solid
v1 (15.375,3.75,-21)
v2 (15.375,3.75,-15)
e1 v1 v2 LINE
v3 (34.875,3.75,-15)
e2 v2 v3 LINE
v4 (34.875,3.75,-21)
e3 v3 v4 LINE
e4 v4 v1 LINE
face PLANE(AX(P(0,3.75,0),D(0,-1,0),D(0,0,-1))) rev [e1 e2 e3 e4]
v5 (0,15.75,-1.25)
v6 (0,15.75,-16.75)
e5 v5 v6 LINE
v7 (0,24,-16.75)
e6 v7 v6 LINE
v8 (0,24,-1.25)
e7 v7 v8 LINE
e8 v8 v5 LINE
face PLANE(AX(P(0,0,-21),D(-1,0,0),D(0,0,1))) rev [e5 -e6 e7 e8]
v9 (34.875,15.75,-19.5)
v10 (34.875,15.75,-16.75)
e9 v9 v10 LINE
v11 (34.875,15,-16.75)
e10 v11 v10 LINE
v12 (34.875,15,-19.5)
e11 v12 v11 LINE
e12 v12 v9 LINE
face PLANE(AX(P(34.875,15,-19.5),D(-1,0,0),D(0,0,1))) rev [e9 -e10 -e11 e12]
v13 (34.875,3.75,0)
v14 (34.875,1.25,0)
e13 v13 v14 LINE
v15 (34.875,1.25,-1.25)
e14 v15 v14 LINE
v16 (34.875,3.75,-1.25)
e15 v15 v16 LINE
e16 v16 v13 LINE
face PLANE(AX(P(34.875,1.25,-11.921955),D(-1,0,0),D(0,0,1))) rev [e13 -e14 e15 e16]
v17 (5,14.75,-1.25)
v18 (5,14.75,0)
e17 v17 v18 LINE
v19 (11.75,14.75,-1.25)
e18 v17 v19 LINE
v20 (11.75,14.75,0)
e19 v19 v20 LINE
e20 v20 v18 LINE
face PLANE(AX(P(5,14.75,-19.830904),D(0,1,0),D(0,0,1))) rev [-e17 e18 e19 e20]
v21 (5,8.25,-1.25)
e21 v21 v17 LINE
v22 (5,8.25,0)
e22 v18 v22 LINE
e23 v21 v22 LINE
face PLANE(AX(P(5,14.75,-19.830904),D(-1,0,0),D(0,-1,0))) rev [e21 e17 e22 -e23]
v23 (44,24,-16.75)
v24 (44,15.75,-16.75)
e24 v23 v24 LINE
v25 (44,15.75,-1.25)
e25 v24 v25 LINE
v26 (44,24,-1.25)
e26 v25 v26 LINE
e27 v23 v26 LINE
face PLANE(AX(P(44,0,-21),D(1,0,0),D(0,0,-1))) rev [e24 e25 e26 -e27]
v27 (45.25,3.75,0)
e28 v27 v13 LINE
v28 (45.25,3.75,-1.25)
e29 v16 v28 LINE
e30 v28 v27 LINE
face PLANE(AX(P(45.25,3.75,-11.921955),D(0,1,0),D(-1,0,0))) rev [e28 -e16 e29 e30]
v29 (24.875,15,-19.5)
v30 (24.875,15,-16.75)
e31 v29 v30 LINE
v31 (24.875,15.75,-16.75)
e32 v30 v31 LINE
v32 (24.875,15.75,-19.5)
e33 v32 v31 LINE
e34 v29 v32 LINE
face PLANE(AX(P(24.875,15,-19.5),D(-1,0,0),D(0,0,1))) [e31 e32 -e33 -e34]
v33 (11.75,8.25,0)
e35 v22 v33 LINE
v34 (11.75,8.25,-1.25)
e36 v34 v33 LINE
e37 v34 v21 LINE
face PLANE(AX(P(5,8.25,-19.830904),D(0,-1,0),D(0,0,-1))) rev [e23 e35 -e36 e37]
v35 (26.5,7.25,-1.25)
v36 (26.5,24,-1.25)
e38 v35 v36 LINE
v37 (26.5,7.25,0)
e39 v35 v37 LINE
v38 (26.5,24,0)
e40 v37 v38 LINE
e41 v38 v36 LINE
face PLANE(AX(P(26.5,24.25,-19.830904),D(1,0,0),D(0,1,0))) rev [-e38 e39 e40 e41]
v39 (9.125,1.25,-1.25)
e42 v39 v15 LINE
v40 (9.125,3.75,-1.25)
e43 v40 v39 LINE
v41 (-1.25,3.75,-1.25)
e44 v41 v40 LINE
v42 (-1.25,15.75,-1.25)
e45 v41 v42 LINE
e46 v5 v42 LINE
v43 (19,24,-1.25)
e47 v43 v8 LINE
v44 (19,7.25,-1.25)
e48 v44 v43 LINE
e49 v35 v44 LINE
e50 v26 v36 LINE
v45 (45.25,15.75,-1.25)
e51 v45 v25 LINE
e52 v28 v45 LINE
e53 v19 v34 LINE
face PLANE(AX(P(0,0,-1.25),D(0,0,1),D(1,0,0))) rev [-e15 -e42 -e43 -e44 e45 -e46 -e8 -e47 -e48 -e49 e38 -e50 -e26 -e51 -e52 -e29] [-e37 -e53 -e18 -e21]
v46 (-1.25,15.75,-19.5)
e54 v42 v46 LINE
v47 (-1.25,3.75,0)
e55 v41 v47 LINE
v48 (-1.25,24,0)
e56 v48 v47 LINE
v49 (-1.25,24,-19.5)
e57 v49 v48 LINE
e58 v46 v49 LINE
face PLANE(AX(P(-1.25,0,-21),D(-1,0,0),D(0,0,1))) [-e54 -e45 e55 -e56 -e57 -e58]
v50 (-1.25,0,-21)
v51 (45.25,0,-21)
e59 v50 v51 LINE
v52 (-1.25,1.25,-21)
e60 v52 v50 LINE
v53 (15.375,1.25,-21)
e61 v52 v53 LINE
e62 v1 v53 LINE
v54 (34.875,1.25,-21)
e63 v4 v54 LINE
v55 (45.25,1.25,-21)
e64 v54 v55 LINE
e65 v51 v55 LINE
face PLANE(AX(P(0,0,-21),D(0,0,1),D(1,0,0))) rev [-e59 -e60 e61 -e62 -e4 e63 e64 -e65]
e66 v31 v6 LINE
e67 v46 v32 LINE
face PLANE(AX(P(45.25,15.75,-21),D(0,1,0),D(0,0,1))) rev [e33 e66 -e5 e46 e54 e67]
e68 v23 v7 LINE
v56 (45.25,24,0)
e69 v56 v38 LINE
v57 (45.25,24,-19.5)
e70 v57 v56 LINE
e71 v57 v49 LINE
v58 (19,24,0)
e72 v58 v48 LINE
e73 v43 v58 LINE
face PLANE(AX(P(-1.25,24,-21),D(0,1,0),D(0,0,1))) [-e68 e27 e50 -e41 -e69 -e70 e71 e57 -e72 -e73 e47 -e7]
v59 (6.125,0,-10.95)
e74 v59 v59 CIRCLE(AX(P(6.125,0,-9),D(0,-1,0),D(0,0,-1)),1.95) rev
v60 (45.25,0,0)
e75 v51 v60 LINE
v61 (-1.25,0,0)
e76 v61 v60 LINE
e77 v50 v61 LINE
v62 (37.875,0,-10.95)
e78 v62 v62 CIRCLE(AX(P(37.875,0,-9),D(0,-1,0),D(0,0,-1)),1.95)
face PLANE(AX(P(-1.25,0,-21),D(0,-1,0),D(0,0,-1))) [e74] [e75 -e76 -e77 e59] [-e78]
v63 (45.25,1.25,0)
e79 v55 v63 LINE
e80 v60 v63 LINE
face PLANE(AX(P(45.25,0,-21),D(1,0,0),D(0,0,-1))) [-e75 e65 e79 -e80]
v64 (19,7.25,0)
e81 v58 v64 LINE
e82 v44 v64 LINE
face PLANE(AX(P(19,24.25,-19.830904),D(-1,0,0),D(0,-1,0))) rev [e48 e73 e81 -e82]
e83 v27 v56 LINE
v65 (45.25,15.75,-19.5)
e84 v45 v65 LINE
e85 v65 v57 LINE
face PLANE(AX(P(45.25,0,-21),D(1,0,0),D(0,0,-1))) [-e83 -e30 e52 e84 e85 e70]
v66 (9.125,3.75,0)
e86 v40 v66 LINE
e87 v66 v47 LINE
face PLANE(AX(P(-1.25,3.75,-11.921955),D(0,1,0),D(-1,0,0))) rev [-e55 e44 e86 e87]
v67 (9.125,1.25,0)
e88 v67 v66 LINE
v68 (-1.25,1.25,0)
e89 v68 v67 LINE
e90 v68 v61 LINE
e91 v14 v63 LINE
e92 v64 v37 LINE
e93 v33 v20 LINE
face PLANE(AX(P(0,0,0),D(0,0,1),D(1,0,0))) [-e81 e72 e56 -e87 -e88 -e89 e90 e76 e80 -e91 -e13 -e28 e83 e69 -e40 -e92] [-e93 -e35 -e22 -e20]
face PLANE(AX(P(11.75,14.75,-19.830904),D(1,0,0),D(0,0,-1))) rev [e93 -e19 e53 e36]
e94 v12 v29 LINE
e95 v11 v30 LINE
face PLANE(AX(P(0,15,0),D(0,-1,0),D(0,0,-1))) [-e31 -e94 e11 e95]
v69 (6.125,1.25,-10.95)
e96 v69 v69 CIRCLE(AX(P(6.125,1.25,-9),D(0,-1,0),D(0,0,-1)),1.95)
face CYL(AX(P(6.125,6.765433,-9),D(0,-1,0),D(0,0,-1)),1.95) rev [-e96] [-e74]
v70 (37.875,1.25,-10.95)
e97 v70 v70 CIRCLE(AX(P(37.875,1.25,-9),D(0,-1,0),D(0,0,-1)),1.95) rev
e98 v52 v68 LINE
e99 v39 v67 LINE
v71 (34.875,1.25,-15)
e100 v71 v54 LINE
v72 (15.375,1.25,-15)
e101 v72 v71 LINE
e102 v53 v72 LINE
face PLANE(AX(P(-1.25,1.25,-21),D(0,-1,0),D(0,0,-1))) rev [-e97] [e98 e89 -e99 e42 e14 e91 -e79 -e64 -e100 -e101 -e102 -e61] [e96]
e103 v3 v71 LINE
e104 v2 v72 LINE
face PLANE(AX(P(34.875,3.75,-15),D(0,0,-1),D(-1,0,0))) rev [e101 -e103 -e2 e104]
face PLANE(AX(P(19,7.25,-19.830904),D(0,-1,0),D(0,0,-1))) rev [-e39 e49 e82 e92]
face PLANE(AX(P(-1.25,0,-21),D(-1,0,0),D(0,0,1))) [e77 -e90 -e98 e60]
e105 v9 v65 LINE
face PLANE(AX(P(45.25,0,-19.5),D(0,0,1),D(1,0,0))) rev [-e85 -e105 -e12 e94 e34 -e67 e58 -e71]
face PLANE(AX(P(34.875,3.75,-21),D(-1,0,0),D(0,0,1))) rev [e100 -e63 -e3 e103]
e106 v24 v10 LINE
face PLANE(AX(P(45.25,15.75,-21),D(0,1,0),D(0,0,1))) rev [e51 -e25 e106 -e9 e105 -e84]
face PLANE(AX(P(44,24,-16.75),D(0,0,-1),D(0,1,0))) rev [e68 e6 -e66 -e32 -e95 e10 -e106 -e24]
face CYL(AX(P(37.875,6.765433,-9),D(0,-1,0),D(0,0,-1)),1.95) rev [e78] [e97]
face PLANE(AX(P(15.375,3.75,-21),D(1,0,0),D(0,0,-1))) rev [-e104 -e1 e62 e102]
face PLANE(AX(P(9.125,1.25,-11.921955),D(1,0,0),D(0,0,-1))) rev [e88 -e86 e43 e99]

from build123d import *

# Parameters (mm, degrees)
SKETCH1_W               = 46.5
SKETCH1_H               = 24
BOSS_EXTRUDE1_DEPTH     = 21
SHELL1_T                = -1.25
SKETCH2_W               = 19.75
SKETCH2_H               = 14.5
CUT_EXTRUDE1_DEPTH      = 57.384838388
SKETCH4_W               = 6.75
SKETCH4_H               = 6.5
SKETCH4_W_2             = 7.5
SKETCH4_H_2             = 17
CUT_EXTRUDE3_DEPTH      = 1.25
CUT_EXTRUDE4_REACH      = 57.358
SKETCH6_R               = 1.95
SKETCH7_W               = 10.375
SKETCH7_H               = 2.5
CUT_EXTRUDE5_DEPTH      = 1.25
SKETCH9_W               = 19.5
SKETCH9_H               = 6
BOSS_EXTRUDE3_DEPTH     = 2.5
CUT_EXTRUDE7_DEPTH      = 102.634838388
CUT_EXTRUDE7_DEPTH_BACK = 57.384838388
CUT_EXTRUDE7_START      = -45.25
SKETCH12_W              = 1.5
SKETCH12_H              = 8.25
SKETCH13_W              = 2.75
SKETCH13_H              = 8.25
BOSS_EXTRUDE4_DEPTH     = 44
SKETCH15_W              = 10
SKETCH15_H              = 2.75
BOSS_EXTRUDE5_DEPTH     = 0.75


with BuildPart() as part:
    # Sketch1 → Boss-Extrude1 (new body)
    with BuildSketch(Plane.XY):
        with Locations((22, 12)):
            Rectangle(SKETCH1_W, SKETCH1_H)
    extrude(amount=-BOSS_EXTRUDE1_DEPTH)

    # Shell1
    shell1_openings = [part.faces().sort_by_distance(p)[0] for p in [
        (22, 12, -21),
        (22, 24, -10.5),
    ]]
    offset(amount=SHELL1_T, openings=shell1_openings, kind=Kind.INTERSECTION)

    # Sketch2 → Cut-Extrude1 (cut, through all)
    with BuildSketch(Plane.ZY.offset(1.25)):
        with Locations((-11.125, 8.5)):
            Rectangle(SKETCH2_W, SKETCH2_H)
    extrude(amount=-CUT_EXTRUDE1_DEPTH, mode=Mode.SUBTRACT)

    # Sketch4 → Cut-Extrude3 (cut)
    with BuildSketch(Plane.XY):
        with Locations((8.375, 11.5)):
            Rectangle(SKETCH4_W, SKETCH4_H)
        with Locations((22.75, 15.75)):
            Rectangle(SKETCH4_W_2, SKETCH4_H_2)
    extrude(amount=-CUT_EXTRUDE3_DEPTH, mode=Mode.SUBTRACT)

    # Sketch6 → Cut-Extrude4 (cut, up to next)
    with BuildSketch(Plane(origin=(0, 0, 0), x_dir=(-1, 0, 0), z_dir=(0, -1, 0)), mode=Mode.PRIVATE) as cut_extrude4_sk1:
        with Locations(Location((-6.125, 9, 0), (0, 0, 90))):
            Circle(SKETCH6_R)
    cut_extrude4_tool1 = extrude(cut_extrude4_sk1.sketch, amount=-CUT_EXTRUDE4_REACH, mode=Mode.PRIVATE) & part.part
    # Sketch6 → Cut-Extrude4 (cut, up to next)
    with BuildSketch(Plane(origin=(0, 0, 0), x_dir=(-1, 0, 0), z_dir=(0, -1, 0)), mode=Mode.PRIVATE) as cut_extrude4_sk2:
        with Locations(Location((-37.875, 9, 0), (0, 0, 90))):
            Circle(SKETCH6_R)
    cut_extrude4_tool2 = extrude(cut_extrude4_sk2.sketch, amount=-CUT_EXTRUDE4_REACH, mode=Mode.PRIVATE) & part.part
    add(cut_extrude4_tool1.solids().sort_by_distance((6.125, 0, -9))[0], mode=Mode.SUBTRACT)
    add(cut_extrude4_tool2.solids().sort_by_distance((37.875, 0, -9))[0], mode=Mode.SUBTRACT)

    # Sketch7 → Cut-Extrude5 (cut)
    with BuildSketch(Plane.XY):
        with Locations((40.0625, 2.5)):
            Rectangle(SKETCH7_W, SKETCH7_H)
        with Locations((3.9375, 2.5)):
            Rectangle(SKETCH7_W, SKETCH7_H)
    extrude(amount=-CUT_EXTRUDE5_DEPTH, mode=Mode.SUBTRACT)

    # Sketch9 → Boss-Extrude3 (add)
    with BuildSketch(Plane(origin=(0, 1.25, 0), x_dir=(1, 0, 0), z_dir=(0, 1, 0))):
        with Locations((25.125, 18)):
            Rectangle(SKETCH9_W, SKETCH9_H)
    extrude(amount=BOSS_EXTRUDE3_DEPTH)

    # Sketch12 → Cut-Extrude7 (cut, two sides: drawn at the far end of the back side and taken through both)
    with BuildSketch(Plane(origin=(45.25, 0, 0), x_dir=(0, 0, -1), z_dir=(1, 0, 0)).offset(CUT_EXTRUDE7_START - CUT_EXTRUDE7_DEPTH_BACK)):
        with Locations((20.25, 19.875)):
            Rectangle(SKETCH12_W, SKETCH12_H)
    extrude(amount=CUT_EXTRUDE7_DEPTH + CUT_EXTRUDE7_DEPTH_BACK, mode=Mode.SUBTRACT)

    # Sketch13 → Boss-Extrude4 (add)
    with BuildSketch(Plane(origin=(0, 0, 0), x_dir=(0, 0, -1), z_dir=(1, 0, 0))):
        with Locations((18.125, 19.875)):
            Rectangle(SKETCH13_W, SKETCH13_H)
    extrude(amount=BOSS_EXTRUDE4_DEPTH)

    # Sketch15 → Boss-Extrude5 (add)
    with BuildSketch(Plane.XZ.offset(-15.75)):
        with Locations((29.875, -18.125)):
            Rectangle(SKETCH15_W, SKETCH15_H)
    extrude(amount=BOSS_EXTRUDE5_DEPTH)


solid = part.part
